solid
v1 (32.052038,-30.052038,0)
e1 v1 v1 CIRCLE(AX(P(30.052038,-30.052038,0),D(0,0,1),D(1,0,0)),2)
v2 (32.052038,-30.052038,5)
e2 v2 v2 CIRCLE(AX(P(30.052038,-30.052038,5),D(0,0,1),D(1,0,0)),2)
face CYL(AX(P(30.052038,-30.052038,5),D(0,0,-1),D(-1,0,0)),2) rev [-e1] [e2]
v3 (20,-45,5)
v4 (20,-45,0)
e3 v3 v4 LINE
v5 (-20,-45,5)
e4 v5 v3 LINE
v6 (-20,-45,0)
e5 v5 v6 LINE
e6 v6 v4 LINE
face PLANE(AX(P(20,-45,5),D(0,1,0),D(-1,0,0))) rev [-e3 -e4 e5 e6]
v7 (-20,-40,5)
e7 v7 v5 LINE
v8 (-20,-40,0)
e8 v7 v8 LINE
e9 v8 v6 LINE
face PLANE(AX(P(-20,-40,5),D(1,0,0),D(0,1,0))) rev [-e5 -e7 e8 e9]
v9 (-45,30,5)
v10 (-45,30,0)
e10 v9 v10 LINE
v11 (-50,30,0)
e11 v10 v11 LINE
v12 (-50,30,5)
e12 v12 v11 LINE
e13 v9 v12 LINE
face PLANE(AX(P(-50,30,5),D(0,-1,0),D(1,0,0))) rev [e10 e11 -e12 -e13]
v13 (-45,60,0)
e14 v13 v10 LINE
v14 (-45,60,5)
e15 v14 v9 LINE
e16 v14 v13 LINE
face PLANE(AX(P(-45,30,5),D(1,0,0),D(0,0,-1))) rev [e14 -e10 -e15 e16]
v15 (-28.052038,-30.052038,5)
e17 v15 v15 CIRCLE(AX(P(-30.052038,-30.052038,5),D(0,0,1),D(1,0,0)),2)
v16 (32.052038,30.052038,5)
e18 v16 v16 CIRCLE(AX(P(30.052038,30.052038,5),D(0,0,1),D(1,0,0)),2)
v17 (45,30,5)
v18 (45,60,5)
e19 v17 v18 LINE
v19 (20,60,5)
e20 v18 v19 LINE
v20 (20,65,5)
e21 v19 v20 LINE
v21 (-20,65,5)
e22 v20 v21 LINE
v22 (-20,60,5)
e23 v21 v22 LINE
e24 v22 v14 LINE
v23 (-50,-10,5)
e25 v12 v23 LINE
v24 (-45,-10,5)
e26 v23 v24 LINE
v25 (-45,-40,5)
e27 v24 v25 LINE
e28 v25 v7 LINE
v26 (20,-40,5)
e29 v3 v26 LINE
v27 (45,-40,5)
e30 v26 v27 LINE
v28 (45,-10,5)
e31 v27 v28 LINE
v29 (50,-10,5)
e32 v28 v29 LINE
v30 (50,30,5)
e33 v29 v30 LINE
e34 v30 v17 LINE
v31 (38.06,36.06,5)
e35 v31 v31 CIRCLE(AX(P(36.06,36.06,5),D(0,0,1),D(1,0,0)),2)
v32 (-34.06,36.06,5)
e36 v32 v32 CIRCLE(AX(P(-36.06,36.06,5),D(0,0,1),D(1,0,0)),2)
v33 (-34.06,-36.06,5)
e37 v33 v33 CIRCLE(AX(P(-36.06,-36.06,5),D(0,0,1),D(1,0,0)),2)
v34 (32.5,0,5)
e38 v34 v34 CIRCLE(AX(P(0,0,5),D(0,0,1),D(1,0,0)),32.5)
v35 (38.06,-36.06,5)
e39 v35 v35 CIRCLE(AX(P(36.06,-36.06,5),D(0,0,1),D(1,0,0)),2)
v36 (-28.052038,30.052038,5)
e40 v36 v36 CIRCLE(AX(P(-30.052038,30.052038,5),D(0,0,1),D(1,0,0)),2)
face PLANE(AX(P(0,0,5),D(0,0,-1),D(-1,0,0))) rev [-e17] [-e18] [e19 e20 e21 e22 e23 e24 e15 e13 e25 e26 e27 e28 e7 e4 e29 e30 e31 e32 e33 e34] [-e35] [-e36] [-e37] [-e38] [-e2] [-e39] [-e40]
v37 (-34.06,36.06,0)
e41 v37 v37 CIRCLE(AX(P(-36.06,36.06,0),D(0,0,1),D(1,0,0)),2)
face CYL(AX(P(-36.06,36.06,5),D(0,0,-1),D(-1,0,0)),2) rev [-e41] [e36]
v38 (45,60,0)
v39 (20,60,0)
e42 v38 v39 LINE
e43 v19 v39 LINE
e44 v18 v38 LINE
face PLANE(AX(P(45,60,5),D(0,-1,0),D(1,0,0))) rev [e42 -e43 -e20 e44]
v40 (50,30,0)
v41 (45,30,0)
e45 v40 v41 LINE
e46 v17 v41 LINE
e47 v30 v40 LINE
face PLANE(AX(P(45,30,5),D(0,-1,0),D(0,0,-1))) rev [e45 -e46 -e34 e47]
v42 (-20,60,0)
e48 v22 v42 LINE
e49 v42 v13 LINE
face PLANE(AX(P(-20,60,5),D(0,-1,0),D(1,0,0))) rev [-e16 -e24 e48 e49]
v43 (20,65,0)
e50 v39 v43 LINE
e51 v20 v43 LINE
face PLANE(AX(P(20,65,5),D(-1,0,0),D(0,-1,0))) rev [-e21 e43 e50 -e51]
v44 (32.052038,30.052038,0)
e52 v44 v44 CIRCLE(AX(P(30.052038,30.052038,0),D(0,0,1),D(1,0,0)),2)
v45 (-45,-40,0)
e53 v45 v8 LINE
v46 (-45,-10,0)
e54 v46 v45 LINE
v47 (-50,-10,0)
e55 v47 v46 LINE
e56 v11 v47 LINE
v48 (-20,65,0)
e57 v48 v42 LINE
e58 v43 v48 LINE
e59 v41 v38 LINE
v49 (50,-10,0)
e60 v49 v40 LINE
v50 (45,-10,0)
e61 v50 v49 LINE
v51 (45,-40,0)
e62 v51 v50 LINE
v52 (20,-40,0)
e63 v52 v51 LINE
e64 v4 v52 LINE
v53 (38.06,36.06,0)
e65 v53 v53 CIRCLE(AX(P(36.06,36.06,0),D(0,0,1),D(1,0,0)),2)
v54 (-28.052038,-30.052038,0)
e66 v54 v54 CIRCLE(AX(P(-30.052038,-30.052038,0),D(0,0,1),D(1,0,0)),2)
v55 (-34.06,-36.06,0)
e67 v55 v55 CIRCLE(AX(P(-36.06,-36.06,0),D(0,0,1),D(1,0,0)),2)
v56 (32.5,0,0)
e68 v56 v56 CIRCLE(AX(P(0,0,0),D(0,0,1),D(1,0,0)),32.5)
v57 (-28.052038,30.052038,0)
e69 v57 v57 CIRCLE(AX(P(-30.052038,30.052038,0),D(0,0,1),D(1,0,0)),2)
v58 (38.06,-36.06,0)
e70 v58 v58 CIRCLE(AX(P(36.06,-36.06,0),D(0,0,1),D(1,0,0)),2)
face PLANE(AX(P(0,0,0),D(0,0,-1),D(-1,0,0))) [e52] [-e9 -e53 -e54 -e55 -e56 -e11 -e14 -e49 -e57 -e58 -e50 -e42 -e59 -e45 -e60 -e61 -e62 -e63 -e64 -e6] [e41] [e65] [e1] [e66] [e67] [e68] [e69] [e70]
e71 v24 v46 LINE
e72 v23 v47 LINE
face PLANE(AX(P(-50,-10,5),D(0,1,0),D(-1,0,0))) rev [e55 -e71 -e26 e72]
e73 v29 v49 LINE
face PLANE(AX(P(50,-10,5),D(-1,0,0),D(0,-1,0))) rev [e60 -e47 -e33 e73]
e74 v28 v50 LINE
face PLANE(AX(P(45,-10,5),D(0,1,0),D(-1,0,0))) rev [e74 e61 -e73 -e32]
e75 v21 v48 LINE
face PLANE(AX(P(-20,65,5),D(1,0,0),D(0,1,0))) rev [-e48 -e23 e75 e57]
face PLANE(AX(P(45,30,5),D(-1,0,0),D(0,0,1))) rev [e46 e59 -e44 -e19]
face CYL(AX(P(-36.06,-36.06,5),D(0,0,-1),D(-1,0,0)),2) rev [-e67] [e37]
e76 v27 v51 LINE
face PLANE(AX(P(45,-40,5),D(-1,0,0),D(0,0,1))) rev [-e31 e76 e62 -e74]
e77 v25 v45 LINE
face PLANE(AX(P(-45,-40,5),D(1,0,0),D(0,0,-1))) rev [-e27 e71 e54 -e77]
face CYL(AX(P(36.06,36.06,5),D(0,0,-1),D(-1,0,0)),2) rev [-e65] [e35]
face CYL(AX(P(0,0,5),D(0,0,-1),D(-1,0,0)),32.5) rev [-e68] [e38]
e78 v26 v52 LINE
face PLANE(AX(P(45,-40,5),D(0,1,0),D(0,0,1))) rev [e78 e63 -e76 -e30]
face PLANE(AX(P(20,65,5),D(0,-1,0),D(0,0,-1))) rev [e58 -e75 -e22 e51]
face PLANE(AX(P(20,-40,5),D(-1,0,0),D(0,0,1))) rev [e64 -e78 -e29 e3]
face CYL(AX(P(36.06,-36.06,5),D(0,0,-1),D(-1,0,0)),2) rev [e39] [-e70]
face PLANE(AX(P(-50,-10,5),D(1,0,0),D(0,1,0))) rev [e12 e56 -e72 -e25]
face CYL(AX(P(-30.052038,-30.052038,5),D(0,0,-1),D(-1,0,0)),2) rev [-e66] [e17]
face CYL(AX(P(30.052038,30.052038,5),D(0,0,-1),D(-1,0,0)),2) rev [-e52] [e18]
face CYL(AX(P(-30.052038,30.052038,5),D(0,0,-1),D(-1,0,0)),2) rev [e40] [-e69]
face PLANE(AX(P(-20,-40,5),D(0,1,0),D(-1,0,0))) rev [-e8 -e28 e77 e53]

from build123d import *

# Parameters (mm, degrees)
SKETCH1_R           = 2
SKETCH1_R_2         = 32.5
BOSS_EXTRUDE1_DEPTH = 5


with BuildPart() as part:
    # Sketch1 → Boss-Extrude1 (new body)
    with BuildSketch(Plane.XY):
        Polygon((45, -40), (20, -40), (20, -45), (-20, -45), (-20, -40), (-45, -40), (-45, -10), (-50, -10), (-50, 30), (-45, 30), (-45, 60), (-20, 60), (-20, 65), (20, 65), (20, 60), (45, 60), (45, 30), (50, 30), (50, -10), (45, -10), align=None)
        with Locations((-36.06, 36.06)):
            Circle(SKETCH1_R, mode=Mode.SUBTRACT)
        with Locations((36.06, 36.06)):
            Circle(SKETCH1_R, mode=Mode.SUBTRACT)
        with Locations((36.06, -36.06)):
            Circle(SKETCH1_R, mode=Mode.SUBTRACT)
        with Locations((-36.06, -36.06)):
            Circle(SKETCH1_R, mode=Mode.SUBTRACT)
        Circle(SKETCH1_R_2, mode=Mode.SUBTRACT)
        with Locations((-30.0520382, 30.0520382)):
            Circle(SKETCH1_R, mode=Mode.SUBTRACT)
        with Locations((30.0520382, 30.0520382)):
            Circle(SKETCH1_R, mode=Mode.SUBTRACT)
        with Locations((30.0520382, -30.0520382)):
            Circle(SKETCH1_R, mode=Mode.SUBTRACT)
        with Locations((-30.0520382, -30.0520382)):
            Circle(SKETCH1_R, mode=Mode.SUBTRACT)
    extrude(amount=BOSS_EXTRUDE1_DEPTH)


solid = part.part
